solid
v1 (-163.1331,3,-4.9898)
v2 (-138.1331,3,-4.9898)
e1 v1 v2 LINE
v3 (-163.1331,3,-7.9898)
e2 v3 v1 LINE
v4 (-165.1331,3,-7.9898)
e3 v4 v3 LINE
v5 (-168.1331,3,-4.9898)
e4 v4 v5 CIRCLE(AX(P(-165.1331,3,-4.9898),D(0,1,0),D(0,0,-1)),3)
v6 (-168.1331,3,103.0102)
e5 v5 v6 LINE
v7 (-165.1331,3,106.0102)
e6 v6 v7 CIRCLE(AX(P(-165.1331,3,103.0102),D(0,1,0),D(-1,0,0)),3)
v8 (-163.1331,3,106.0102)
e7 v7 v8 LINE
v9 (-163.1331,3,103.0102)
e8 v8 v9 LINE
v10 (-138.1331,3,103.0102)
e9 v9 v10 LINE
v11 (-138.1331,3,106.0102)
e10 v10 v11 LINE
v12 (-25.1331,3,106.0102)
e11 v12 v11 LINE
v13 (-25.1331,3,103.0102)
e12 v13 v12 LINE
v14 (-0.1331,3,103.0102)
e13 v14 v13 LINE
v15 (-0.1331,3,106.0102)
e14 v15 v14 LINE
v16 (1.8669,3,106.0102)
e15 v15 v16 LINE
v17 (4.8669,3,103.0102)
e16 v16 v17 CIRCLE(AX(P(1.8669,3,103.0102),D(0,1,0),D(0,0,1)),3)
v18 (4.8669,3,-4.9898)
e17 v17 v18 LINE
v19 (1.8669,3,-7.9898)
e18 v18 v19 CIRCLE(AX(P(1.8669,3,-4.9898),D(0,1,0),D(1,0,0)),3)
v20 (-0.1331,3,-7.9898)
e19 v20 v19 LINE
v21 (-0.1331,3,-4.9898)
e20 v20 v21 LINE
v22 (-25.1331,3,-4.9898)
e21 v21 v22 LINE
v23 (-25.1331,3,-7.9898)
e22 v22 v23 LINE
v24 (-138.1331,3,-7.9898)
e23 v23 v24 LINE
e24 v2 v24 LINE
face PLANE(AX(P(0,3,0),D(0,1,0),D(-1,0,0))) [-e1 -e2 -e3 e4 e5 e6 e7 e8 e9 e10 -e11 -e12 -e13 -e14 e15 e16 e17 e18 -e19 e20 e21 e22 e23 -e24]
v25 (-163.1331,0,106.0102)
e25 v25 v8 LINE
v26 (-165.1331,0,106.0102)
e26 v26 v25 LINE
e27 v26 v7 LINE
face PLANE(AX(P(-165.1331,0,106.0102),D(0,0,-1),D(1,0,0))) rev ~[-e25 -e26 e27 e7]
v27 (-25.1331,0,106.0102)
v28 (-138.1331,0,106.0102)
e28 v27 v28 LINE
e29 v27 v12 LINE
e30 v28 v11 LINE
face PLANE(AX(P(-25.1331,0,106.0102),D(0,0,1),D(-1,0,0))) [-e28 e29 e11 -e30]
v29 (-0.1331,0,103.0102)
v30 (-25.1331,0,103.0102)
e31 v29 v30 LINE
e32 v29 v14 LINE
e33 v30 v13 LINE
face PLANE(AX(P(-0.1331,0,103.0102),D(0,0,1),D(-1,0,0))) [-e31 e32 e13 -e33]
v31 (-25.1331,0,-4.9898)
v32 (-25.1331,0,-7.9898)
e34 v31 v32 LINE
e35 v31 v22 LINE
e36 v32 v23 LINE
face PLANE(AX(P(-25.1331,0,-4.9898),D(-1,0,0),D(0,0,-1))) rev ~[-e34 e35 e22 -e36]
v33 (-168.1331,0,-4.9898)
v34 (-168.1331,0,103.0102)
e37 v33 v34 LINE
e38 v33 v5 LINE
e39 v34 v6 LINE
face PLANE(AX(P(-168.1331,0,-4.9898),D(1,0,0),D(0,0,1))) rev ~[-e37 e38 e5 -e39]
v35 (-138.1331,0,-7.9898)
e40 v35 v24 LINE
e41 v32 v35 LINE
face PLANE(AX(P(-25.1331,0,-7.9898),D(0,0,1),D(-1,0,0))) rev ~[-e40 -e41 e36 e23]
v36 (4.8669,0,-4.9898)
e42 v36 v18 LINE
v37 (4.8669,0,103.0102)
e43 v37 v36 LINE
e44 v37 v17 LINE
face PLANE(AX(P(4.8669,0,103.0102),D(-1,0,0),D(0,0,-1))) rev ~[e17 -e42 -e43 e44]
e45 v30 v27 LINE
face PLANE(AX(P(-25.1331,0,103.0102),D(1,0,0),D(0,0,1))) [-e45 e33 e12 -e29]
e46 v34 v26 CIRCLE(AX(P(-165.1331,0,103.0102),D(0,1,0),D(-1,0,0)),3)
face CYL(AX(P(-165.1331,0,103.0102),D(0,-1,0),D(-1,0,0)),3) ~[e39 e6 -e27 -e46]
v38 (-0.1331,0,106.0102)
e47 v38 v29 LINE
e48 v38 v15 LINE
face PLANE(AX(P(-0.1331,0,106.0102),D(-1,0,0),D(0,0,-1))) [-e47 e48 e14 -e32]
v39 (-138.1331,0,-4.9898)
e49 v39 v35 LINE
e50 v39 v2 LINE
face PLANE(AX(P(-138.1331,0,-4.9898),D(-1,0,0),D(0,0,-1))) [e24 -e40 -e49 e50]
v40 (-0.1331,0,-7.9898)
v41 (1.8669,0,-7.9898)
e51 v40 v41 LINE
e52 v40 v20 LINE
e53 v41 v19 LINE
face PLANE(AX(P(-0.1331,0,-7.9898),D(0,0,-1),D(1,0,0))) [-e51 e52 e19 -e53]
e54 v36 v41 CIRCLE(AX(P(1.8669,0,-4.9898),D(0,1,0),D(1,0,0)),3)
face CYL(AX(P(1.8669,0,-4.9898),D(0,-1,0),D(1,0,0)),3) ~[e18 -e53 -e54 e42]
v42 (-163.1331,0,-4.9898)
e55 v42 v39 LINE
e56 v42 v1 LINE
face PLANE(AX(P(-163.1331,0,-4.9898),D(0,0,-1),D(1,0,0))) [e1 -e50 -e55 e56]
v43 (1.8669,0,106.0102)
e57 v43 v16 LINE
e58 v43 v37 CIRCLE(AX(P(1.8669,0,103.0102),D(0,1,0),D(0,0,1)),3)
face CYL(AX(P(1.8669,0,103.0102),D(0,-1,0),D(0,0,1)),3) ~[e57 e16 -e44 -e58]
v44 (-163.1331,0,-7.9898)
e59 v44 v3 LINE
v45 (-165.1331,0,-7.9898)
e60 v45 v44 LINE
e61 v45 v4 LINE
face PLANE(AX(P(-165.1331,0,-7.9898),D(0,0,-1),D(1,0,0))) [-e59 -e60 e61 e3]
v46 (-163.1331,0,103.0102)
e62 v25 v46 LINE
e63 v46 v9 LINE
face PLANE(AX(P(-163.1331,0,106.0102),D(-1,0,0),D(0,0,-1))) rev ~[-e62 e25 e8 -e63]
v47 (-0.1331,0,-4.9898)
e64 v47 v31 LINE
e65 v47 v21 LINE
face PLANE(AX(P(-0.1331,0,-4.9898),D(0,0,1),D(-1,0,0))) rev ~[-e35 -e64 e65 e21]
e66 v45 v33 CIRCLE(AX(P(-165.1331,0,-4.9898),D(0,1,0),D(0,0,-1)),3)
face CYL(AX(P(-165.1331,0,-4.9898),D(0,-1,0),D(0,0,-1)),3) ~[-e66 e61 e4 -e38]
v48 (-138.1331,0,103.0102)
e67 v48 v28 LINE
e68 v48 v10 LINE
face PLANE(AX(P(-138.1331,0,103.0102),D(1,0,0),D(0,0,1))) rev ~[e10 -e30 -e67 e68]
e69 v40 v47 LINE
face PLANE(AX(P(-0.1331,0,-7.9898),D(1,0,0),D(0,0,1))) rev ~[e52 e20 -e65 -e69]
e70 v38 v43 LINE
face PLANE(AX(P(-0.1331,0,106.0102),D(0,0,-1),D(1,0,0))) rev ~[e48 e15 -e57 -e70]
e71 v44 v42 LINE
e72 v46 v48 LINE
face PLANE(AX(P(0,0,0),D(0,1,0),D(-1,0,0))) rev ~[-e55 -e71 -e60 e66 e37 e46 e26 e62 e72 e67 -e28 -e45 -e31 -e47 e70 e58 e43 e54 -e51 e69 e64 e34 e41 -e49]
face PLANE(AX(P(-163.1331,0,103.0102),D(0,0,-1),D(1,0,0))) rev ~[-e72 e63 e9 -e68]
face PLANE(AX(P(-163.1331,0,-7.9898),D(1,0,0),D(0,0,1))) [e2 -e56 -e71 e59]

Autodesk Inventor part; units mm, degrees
ref_plane "YZ Plane" through (0, 0, 0) normal (1, 0, 0) x (0, 1, 0)
ref_plane "XZ Plane" through (0, 0, 0) normal (0, 1, 0) x (-1, 0, 0)
ref_plane "XY Plane" through (0, 0, 0) normal (0, 0, 1) x (1, 0, 0)
sketch "Sketch1" plane through (0, 0, 0) normal (0, 1, 0) x (-1, 0, 0)
  line L0 (25.1331, -7.9898) -> (138.1331, -7.9898)
  line L1 (-4.8669, 103.0102) -> (-4.8669, -4.9898)
  arc A0 (-4.8669, -4.9898) -> (-1.8669, -7.9898) centre (-1.8669, -4.9898) ccw
  line L2 (0.1331, -7.9898) -> (0.1331, -4.9898)
  line L3 (0.1331, -4.9898) -> (25.1331, -4.9898)
  line L4 (25.1331, -4.9898) -> (25.1331, -7.9898)
  line L5 (165.1331, -7.9898) -> (163.1331, -7.9898)
  line L6 (163.1331, -7.9898) -> (163.1331, -4.9898)
  line L7 (163.1331, -4.9898) -> (138.1331, -4.9898)
  line L8 (138.1331, -4.9898) -> (138.1331, -7.9898)
  line L9 (168.1331, -4.9898) -> (168.1331, 103.0102)
  arc A1 (165.1331, -7.9898) -> (168.1331, -4.9898) centre (165.1331, -4.9898) ccw
  arc A2 (168.1331, 103.0102) -> (165.1331, 106.0102) centre (165.1331, 103.0102) ccw
  line L10 (0.1331, -7.9898) -> (-1.8669, -7.9898)
  line L11 (25.1331, 106.0102) -> (138.1331, 106.0102)
  line L12 (0.1331, 106.0102) -> (0.1331, 103.0102)
  line L13 (0.1331, 103.0102) -> (25.1331, 103.0102)
  line L14 (25.1331, 103.0102) -> (25.1331, 106.0102)
  line L15 (165.1331, 106.0102) -> (163.1331, 106.0102)
  line L16 (163.1331, 106.0102) -> (163.1331, 103.0102)
  line L17 (163.1331, 103.0102) -> (138.1331, 103.0102)
  line L18 (138.1331, 103.0102) -> (138.1331, 106.0102)
  line L19 (0.1331, 106.0102) -> (-1.8669, 106.0102)
  arc A3 (-1.8669, 106.0102) -> (-4.8669, 103.0102) centre (-1.8669, 103.0102) ccw
  point P0 (0, 0)
extrude "Extrusion1" add sketch "Sketch1" along normal blind 3
properties part number "roof" material "Polycarbonate, Clear"
